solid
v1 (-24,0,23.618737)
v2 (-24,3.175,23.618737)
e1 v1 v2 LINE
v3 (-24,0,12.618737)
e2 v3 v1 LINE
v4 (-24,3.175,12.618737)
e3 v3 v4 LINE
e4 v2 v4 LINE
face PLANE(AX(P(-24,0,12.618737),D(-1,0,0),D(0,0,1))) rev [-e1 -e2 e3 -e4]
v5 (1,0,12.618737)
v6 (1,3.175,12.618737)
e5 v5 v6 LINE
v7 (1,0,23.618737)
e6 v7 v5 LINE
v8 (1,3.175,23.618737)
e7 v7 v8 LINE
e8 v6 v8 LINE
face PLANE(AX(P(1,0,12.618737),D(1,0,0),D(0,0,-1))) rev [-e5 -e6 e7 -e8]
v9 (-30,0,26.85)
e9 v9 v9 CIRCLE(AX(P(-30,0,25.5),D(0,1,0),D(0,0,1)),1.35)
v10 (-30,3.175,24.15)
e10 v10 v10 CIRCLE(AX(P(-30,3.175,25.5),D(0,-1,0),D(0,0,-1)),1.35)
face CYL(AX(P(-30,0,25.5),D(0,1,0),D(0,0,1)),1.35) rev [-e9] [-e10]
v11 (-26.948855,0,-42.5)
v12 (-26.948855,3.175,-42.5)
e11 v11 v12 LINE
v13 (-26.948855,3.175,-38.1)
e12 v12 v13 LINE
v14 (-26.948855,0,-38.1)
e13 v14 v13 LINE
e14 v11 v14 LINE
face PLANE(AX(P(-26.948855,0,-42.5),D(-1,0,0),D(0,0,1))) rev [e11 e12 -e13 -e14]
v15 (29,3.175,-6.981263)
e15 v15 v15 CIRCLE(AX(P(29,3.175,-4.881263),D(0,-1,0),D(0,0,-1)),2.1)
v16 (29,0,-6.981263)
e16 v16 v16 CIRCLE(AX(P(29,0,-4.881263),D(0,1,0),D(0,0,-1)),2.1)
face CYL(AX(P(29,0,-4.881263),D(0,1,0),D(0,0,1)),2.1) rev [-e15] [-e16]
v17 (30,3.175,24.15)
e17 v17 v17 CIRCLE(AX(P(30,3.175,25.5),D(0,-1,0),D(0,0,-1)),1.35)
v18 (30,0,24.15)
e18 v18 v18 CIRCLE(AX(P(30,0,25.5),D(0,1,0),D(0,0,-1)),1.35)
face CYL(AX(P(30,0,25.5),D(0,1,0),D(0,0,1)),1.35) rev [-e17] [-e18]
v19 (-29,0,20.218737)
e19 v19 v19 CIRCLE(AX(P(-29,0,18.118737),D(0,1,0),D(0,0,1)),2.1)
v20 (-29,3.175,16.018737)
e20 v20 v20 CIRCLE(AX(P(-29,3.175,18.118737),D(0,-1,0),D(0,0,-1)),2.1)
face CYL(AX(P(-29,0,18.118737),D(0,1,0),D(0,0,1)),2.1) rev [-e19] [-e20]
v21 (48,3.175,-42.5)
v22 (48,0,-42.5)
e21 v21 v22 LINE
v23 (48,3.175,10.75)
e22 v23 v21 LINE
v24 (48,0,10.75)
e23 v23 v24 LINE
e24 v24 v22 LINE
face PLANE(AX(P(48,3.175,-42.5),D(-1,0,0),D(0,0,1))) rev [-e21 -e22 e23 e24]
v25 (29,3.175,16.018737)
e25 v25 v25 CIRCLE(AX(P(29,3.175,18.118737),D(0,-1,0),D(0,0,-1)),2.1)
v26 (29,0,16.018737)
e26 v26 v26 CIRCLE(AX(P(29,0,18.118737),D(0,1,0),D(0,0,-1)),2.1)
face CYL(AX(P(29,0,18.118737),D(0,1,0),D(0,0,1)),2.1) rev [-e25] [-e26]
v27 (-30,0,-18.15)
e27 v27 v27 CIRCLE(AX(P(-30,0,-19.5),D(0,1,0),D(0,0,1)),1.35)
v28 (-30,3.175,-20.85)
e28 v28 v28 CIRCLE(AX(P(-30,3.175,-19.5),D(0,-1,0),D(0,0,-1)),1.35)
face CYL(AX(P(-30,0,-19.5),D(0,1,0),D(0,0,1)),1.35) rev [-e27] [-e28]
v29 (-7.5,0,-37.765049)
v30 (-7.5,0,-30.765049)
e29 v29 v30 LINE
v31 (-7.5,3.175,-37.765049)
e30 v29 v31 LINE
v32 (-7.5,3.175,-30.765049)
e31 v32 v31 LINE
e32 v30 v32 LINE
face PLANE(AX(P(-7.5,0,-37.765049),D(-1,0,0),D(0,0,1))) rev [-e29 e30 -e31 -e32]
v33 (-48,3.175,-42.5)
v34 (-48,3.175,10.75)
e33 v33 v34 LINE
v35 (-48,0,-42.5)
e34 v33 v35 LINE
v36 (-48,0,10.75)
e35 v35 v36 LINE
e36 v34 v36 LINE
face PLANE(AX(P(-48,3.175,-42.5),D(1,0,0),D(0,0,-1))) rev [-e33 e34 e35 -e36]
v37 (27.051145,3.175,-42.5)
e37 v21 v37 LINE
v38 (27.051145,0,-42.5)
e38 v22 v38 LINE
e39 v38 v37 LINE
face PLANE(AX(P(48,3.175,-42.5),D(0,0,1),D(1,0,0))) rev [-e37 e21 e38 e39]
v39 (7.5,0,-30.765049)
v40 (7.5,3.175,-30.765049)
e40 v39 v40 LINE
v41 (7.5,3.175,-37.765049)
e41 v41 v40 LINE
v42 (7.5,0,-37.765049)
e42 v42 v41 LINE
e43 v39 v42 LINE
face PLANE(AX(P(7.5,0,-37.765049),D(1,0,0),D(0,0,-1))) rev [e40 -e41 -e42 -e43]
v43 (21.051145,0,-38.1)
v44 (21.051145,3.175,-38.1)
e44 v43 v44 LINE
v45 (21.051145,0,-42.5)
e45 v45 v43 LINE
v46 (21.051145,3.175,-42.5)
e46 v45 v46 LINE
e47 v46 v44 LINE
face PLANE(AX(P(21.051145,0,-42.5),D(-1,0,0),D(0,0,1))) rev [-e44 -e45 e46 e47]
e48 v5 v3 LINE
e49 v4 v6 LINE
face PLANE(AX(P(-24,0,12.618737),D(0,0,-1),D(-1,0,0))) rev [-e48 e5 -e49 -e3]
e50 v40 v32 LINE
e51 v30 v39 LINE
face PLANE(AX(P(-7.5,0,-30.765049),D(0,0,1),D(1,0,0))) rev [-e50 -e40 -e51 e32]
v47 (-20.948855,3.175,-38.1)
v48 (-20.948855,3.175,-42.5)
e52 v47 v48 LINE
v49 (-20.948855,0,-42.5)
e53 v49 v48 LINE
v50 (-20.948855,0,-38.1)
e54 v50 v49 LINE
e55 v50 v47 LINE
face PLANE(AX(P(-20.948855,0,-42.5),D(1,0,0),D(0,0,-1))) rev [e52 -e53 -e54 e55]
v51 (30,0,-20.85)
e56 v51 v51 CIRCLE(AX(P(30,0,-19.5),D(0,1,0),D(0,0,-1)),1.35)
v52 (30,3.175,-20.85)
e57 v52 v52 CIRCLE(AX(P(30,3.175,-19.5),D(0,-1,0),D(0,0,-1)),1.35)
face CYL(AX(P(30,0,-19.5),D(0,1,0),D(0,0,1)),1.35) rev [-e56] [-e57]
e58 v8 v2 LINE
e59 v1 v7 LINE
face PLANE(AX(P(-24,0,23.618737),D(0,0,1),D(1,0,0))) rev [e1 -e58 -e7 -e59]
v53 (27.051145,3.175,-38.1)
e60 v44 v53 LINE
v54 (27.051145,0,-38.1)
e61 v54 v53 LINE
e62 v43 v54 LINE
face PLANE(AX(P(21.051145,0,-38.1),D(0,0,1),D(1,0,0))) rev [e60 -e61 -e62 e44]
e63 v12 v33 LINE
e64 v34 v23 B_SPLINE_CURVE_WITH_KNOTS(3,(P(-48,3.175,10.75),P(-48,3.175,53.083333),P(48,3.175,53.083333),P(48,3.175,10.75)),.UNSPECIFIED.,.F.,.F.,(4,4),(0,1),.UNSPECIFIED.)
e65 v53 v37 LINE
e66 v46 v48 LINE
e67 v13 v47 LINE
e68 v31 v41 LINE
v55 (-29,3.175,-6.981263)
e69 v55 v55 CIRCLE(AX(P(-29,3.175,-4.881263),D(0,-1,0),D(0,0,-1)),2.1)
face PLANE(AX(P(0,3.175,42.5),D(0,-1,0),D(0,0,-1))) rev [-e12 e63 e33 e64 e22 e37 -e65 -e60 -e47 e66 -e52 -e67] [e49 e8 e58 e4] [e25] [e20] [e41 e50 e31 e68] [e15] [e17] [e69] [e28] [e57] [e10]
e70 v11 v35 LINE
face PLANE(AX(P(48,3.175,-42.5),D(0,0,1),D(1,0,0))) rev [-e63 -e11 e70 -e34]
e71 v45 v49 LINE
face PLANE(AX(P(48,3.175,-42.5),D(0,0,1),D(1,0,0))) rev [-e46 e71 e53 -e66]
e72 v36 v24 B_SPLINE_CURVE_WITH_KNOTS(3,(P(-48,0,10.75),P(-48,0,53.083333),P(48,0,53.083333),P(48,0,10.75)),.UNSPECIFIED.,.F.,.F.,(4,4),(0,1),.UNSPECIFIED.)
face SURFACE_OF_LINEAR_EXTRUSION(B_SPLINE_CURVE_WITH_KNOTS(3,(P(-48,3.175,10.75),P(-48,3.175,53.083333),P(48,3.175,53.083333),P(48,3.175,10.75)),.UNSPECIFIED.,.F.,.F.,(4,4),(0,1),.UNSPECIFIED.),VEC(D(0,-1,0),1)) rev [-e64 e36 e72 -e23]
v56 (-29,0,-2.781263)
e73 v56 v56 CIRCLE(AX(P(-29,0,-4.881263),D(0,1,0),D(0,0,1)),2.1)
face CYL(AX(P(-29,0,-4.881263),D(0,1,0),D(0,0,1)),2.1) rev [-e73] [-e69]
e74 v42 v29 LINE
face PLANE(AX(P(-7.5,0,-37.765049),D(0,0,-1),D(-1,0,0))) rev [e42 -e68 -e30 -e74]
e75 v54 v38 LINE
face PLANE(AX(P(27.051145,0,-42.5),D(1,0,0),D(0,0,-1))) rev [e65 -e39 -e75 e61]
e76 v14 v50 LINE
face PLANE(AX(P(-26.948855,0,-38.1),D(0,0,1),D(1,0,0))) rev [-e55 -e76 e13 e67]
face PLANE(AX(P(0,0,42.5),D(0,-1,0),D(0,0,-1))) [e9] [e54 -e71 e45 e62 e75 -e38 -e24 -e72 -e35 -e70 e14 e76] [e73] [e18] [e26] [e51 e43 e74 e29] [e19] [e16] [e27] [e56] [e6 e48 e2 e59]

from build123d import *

# Parameters (mm, degrees)
BOSS_EXTRUDE1_DEPTH     = 3.175
CUT_EXTRUDE1_DEPTH      = 65.189801711
CUT_EXTRUDE1_DEPTH_BACK = 65.189801711
SKETCH3_R               = 1.35
SKETCH3_R_2             = 2.1
SKETCH3_W               = 15
SKETCH3_H               = 7
SKETCH3_W_2             = 25
SKETCH3_H_2             = 11
SKETCH5_W               = 6
SKETCH5_H               = 4.4
CUT_EXTRUDE2_DEPTH      = 65.189801711


with BuildPart() as part:
    # Sketch2 → Boss-Extrude1 (new body)
    with BuildSketch(Plane(origin=(0, 0, 0), x_dir=(1, 0, 0), z_dir=(0, 1, 0))):
        with BuildLine():
            Line((48, 42.5), (-48, 42.5))
            Line((-48, 42.5), (-48, -10.75))
            add(Edge.make_bspline(
                [(-48, -10.75), (-48, -53.083333333), (48, -53.083333333), (48, -10.75)],
                knots=[0, 0, 0, 0, 1, 1, 1, 1], degree=3))
            Line((48, -10.75), (48, 42.5))
        make_face()
    extrude(amount=BOSS_EXTRUDE1_DEPTH)

    # Sketch3 → Cut-Extrude1 (cut, two sides: drawn at the far end of the back side and taken through both)
    with BuildSketch(Plane(origin=(0, 3.175, 0), x_dir=(1, 0, 0), z_dir=(0, 1, 0)).offset(-CUT_EXTRUDE1_DEPTH_BACK)):
        with Locations(Location((-30, 19.5, 0), (0, 0, 270))):
            Circle(SKETCH3_R)
        with Locations(Location((-30, -25.5, 0), (0, 0, 270))):
            Circle(SKETCH3_R)
        with Locations(Location((30, -25.5, 0), (0, 0, 90))):
            Circle(SKETCH3_R)
        with Locations(Location((30, 19.5, 0), (0, 0, 90))):
            Circle(SKETCH3_R)
        with Locations(Location((-29, 4.881263298, 0), (0, 0, 270))):
            Circle(SKETCH3_R_2)
        with Locations(Location((-29, -18.118736702, 0), (0, 0, 270))):
            Circle(SKETCH3_R_2)
        with Locations(Location((29, -18.118736702, 0), (0, 0, 90))):
            Circle(SKETCH3_R_2)
        with Locations(Location((29, 4.881263298, 0), (0, 0, 90))):
            Circle(SKETCH3_R_2)
        with Locations((0, 34.265048758)):
            Rectangle(SKETCH3_W, SKETCH3_H)
        with Locations((-11.5, -18.118736702)):
            Rectangle(SKETCH3_W_2, SKETCH3_H_2)
    extrude(amount=CUT_EXTRUDE1_DEPTH + CUT_EXTRUDE1_DEPTH_BACK, mode=Mode.SUBTRACT)

    # Sketch5 → Cut-Extrude2 (cut, through all)
    with BuildSketch(Plane(origin=(0, 3.175, 0), x_dir=(1, 0, 0), z_dir=(0, 1, 0))):
        with Locations((24.051144599, 40.3)):
            Rectangle(SKETCH5_W, SKETCH5_H)
        with Locations((-23.948855401, 40.3)):
            Rectangle(SKETCH5_W, SKETCH5_H)
    extrude(amount=-CUT_EXTRUDE2_DEPTH, mode=Mode.SUBTRACT)


solid = part.part
